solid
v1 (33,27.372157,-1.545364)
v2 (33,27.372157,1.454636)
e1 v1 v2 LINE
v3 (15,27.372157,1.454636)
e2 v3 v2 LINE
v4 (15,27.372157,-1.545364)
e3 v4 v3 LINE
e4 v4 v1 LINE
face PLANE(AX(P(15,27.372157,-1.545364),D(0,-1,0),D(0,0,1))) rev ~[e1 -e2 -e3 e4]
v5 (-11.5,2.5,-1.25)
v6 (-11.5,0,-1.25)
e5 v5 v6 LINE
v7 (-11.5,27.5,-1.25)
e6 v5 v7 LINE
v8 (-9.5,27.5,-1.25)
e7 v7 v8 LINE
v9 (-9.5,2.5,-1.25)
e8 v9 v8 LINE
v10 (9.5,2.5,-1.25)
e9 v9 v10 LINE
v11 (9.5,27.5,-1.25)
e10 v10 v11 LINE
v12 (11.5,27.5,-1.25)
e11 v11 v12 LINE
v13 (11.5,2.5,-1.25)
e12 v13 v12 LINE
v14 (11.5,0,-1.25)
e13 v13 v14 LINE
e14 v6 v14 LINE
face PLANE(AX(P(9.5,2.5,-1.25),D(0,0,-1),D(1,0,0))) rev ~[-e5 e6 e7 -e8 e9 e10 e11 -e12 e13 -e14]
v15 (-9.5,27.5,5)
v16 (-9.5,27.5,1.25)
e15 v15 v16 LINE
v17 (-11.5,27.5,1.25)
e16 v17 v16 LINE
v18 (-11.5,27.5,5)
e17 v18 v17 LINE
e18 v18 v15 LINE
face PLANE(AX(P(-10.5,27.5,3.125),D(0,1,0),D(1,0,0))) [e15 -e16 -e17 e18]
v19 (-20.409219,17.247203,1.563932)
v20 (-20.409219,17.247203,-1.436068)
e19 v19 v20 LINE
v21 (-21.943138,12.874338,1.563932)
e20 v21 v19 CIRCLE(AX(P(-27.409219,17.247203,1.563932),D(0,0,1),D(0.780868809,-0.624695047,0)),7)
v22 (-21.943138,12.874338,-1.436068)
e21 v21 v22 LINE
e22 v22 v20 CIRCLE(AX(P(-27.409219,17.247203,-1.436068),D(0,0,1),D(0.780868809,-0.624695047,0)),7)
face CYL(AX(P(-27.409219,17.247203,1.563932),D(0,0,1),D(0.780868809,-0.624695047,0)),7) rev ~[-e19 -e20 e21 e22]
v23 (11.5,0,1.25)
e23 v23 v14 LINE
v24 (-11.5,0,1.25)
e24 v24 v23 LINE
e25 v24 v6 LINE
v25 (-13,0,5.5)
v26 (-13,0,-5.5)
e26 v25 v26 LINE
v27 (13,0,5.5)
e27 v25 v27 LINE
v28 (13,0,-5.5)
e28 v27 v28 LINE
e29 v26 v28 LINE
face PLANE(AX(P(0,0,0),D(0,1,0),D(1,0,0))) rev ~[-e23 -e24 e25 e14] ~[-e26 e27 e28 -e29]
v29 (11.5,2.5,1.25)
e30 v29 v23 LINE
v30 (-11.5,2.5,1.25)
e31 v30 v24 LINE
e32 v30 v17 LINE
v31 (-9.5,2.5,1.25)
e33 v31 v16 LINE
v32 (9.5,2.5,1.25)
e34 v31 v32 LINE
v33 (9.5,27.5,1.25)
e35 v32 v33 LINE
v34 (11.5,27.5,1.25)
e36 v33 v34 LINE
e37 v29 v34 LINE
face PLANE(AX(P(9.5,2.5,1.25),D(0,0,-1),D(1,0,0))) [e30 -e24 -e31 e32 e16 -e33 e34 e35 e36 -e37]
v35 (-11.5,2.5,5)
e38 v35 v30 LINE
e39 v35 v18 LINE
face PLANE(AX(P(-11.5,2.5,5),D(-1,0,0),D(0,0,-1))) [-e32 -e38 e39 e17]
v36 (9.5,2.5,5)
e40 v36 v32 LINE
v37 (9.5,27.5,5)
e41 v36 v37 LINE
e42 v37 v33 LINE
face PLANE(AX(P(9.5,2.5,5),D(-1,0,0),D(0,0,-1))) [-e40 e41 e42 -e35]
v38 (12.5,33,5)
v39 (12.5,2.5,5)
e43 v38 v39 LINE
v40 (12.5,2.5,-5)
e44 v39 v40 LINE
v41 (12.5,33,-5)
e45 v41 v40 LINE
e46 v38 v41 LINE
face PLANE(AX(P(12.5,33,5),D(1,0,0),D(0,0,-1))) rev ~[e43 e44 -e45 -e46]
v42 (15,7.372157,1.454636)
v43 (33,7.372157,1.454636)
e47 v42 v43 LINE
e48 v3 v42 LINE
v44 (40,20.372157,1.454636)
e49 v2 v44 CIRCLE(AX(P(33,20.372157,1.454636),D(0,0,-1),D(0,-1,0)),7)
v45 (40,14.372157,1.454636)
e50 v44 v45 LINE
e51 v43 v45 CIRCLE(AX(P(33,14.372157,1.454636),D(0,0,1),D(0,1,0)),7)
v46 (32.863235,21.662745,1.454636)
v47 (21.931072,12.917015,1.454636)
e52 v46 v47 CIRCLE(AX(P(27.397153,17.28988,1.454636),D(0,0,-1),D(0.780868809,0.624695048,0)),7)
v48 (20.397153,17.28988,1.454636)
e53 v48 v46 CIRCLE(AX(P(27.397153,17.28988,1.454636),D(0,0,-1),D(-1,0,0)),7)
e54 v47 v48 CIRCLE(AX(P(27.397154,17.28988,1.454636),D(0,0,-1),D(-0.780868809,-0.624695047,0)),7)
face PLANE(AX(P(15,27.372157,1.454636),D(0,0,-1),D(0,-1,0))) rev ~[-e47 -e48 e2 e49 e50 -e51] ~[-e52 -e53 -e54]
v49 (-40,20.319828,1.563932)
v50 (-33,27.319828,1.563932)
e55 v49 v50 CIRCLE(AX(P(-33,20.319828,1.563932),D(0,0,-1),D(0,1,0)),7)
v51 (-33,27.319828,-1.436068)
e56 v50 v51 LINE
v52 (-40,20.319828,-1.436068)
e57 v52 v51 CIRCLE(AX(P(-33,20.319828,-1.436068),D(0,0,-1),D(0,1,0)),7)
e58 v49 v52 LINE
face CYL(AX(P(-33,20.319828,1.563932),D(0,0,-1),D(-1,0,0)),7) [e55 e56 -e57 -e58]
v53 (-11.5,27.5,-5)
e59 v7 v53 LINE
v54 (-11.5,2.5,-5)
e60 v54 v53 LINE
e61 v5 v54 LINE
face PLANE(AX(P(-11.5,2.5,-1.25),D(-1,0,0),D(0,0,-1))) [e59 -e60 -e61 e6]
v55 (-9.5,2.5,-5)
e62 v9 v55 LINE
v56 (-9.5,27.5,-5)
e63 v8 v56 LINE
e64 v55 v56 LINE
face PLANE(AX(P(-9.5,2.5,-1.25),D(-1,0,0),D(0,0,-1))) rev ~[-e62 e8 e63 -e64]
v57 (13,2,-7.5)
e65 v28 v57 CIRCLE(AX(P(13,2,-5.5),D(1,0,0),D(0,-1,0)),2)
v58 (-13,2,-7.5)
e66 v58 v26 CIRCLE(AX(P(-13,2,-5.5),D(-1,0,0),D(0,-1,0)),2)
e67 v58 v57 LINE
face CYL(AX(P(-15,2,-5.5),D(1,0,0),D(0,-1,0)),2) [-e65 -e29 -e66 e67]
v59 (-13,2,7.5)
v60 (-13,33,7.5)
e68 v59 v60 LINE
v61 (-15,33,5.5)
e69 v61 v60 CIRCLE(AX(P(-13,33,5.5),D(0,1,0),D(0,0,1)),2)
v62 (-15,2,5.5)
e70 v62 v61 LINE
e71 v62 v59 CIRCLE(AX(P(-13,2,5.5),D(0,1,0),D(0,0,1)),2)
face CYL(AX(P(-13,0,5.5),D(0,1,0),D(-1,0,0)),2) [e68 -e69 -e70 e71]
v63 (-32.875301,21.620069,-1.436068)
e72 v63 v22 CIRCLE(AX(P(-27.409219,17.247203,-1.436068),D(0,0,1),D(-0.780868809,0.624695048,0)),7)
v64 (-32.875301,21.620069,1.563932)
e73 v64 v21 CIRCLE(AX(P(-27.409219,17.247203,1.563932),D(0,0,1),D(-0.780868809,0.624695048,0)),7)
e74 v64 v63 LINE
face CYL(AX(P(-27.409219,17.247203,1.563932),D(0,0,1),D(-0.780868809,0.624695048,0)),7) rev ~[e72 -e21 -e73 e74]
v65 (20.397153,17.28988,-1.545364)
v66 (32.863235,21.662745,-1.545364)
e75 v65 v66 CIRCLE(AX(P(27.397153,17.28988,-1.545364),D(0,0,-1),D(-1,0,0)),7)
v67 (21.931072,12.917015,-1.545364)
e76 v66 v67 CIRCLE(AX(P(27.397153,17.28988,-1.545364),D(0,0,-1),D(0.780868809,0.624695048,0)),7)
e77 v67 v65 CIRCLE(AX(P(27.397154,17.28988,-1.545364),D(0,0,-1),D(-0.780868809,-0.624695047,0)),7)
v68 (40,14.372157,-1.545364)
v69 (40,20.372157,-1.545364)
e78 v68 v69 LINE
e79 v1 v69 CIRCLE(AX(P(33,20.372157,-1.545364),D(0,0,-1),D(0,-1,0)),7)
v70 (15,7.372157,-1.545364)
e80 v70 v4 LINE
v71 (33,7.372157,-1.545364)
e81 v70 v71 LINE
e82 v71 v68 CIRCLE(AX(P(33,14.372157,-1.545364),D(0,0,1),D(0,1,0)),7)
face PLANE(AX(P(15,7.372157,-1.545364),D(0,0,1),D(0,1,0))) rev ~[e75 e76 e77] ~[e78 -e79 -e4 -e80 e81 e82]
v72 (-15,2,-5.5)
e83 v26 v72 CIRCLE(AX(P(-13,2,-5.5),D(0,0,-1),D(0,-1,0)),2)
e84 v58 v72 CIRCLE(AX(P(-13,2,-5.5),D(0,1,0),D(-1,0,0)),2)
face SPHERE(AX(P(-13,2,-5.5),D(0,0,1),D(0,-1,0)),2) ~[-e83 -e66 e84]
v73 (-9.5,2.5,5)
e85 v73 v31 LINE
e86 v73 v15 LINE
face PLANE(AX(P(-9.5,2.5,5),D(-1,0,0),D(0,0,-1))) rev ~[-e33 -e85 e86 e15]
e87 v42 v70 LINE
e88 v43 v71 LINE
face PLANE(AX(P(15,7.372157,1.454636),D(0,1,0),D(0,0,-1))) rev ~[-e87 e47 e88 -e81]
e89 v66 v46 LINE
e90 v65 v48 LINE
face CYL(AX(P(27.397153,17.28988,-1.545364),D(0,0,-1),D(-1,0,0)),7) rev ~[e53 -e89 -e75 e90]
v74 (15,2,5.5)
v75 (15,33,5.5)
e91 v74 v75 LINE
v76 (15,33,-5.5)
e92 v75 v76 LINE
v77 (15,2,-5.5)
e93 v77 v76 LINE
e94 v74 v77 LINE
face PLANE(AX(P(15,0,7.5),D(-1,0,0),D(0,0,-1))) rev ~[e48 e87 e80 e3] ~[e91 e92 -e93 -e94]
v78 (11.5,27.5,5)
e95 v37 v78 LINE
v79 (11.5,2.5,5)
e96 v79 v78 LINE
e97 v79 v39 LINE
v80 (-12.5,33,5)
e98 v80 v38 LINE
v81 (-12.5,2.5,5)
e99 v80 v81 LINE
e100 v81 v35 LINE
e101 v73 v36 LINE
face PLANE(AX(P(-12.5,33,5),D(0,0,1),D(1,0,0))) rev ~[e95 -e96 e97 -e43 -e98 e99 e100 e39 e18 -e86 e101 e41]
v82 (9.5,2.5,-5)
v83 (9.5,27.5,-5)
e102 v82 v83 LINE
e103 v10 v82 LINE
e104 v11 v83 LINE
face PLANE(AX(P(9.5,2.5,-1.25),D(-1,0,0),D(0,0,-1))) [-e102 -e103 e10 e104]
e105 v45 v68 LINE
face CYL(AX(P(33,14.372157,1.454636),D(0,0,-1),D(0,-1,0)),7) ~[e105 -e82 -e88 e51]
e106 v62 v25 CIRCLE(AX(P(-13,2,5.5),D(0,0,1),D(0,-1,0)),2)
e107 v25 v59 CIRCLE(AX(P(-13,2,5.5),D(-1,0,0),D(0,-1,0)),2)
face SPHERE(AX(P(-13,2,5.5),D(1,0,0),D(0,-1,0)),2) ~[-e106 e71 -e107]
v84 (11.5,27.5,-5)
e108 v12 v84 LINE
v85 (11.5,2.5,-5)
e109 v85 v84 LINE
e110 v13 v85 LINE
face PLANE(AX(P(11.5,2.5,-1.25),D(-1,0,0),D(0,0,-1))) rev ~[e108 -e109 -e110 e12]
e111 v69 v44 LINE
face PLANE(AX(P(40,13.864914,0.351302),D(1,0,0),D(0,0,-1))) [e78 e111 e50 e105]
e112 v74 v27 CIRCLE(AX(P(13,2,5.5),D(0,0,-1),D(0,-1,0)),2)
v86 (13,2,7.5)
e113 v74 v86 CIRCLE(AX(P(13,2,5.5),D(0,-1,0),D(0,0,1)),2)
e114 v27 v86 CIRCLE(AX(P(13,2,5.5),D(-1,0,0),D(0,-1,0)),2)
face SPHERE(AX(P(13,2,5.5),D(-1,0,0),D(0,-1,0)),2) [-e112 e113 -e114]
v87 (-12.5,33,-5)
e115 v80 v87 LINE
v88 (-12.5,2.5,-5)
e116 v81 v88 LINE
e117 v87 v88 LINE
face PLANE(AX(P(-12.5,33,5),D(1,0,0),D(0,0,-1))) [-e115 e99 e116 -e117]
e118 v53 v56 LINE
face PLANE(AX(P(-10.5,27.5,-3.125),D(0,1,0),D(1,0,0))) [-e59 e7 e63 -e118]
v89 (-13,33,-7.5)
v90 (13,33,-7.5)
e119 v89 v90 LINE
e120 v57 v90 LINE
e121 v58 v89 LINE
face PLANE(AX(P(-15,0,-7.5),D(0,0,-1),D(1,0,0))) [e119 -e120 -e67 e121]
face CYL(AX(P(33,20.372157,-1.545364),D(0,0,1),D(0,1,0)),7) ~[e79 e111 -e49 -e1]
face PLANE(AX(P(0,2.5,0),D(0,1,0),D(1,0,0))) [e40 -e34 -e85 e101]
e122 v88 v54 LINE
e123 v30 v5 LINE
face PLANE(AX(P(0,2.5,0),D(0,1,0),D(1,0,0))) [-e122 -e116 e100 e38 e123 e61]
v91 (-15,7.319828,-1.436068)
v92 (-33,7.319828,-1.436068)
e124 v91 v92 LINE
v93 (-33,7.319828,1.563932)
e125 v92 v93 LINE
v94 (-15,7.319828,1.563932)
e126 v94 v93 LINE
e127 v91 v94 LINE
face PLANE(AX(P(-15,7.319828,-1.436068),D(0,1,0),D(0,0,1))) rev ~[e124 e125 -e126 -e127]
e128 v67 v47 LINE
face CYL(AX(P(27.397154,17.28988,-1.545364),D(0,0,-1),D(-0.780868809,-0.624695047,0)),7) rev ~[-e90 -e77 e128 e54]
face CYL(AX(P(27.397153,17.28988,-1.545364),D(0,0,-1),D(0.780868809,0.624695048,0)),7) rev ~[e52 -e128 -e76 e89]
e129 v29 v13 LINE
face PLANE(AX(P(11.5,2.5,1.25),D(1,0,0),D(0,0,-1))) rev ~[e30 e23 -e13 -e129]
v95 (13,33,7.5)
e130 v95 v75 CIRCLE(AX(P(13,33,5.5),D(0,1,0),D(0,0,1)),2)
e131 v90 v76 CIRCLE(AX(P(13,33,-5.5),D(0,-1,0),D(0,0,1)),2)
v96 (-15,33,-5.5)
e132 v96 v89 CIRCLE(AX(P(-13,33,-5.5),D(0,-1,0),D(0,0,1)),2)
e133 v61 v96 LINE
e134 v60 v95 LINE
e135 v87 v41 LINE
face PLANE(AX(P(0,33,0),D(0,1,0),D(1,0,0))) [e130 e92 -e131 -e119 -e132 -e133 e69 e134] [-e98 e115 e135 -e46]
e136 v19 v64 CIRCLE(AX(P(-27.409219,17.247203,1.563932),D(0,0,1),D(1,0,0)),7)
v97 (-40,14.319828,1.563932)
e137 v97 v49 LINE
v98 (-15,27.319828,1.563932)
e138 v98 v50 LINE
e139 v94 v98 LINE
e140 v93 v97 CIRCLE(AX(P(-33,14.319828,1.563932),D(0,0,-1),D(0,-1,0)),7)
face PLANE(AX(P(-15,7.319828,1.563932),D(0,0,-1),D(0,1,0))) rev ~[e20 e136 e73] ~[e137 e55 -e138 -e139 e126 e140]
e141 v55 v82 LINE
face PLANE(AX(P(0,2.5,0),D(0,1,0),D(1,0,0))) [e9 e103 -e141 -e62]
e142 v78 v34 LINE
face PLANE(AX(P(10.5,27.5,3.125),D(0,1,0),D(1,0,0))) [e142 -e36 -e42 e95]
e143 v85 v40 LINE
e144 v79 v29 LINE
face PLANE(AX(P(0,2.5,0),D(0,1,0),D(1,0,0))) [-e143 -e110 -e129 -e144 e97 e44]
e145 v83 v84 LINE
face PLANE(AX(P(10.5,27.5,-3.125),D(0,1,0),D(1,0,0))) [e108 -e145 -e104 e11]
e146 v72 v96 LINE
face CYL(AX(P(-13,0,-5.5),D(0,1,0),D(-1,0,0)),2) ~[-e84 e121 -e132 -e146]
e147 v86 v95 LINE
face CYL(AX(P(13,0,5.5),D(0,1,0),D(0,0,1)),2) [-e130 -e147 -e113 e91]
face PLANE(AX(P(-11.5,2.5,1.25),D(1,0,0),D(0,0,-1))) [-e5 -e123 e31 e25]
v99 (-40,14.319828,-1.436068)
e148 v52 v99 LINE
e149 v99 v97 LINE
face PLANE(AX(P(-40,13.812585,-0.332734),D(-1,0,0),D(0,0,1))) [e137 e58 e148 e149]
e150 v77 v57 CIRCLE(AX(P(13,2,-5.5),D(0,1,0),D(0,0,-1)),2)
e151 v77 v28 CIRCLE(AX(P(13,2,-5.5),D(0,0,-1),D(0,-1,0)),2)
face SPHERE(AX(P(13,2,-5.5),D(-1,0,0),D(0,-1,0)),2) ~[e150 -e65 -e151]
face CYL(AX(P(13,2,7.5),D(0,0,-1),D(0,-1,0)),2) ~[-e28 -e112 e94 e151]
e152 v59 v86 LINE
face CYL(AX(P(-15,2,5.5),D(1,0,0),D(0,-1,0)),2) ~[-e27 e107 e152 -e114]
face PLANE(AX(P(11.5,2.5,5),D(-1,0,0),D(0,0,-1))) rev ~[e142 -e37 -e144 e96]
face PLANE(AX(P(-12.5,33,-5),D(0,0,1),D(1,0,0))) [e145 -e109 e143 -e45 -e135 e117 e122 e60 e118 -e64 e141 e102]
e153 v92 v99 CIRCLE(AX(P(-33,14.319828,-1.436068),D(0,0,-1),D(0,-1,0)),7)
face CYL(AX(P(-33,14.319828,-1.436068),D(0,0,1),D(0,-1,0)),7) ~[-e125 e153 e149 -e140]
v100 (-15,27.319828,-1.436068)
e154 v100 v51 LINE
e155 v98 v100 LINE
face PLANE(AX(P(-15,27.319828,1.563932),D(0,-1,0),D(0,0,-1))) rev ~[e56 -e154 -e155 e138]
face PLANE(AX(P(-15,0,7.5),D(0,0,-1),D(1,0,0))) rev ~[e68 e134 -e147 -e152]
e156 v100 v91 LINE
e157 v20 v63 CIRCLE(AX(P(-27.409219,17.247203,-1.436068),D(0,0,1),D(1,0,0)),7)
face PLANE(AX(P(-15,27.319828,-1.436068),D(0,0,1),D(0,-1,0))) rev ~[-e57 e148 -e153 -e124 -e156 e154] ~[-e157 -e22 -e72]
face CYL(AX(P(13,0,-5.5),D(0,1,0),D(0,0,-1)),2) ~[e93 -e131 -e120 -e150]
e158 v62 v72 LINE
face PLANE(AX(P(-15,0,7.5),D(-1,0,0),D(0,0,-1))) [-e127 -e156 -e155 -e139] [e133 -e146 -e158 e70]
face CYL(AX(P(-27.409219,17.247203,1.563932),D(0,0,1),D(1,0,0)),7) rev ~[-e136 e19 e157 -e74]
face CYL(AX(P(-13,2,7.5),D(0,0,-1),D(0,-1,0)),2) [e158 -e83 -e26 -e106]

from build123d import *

# Parameters (mm, degrees)
SKETCH1_W           = 30
SKETCH1_H           = 15
BOSS_EXTRUDE1_DEPTH = 33
SKETCH2_W           = 25
SKETCH2_H           = 10
CUT_EXTRUDE1_DEPTH  = 30.5
SKETCH3_W           = 23
SKETCH3_H           = 2.5
CUT_EXTRUDE2_DEPTH  = 30.5
SKETCH4_W           = 2
SKETCH4_H           = 3.75
BOSS_EXTRUDE2_DEPTH = 25
SKETCH5_W           = 2
SKETCH5_H           = 3.75
BOSS_EXTRUDE3_DEPTH = 25
SKETCH6_W           = 2
SKETCH6_H           = 3.75
BOSS_EXTRUDE4_DEPTH = 25
SKETCH7_W           = 2
SKETCH7_H           = 3.75
BOSS_EXTRUDE5_DEPTH = 25
FILLET1_R           = 2
BOSS_EXTRUDE6_DEPTH = 25
CUT_EXTRUDE3_DEPTH  = 25
FILLET2_R           = 7
FILLET3_R           = 7
BOSS_EXTRUDE7_DEPTH = 25
CUT_EXTRUDE4_DEPTH  = 25
FILLET4_R           = 7


with BuildPart() as part:
    # Sketch1 → Boss-Extrude1 (new body)
    with BuildSketch(Plane(origin=(0, 0, 0), x_dir=(1, 0, 0), z_dir=(0, 1, 0))):
        Rectangle(SKETCH1_W, SKETCH1_H)
    extrude(amount=BOSS_EXTRUDE1_DEPTH)

    # Sketch2 → Cut-Extrude1 (cut)
    with BuildSketch(Plane(origin=(0, 33, 0), x_dir=(1, 0, 0), z_dir=(0, 1, 0))):
        Rectangle(SKETCH2_W, SKETCH2_H)
    extrude(amount=-CUT_EXTRUDE1_DEPTH, mode=Mode.SUBTRACT)

    # Sketch3 → Cut-Extrude2 (cut)
    with BuildSketch(Plane(origin=(0, 2.5, 0), x_dir=(1, 0, 0), z_dir=(0, 1, 0))):
        Rectangle(SKETCH3_W, SKETCH3_H)
    extrude(amount=-CUT_EXTRUDE2_DEPTH, mode=Mode.SUBTRACT)

    # Sketch4 → Boss-Extrude2 (add)
    with BuildSketch(Plane(origin=(0, 2.5, 0), x_dir=(1, 0, 0), z_dir=(0, 1, 0))):
        with Locations((-10.5, -3.125)):
            Rectangle(SKETCH4_W, SKETCH4_H)
    extrude(amount=BOSS_EXTRUDE2_DEPTH)

    # Sketch5 → Boss-Extrude3 (add)
    with BuildSketch(Plane(origin=(0, 2.5, 0), x_dir=(1, 0, 0), z_dir=(0, 1, 0))):
        with Locations((10.5, -3.125)):
            Rectangle(SKETCH5_W, SKETCH5_H)
    extrude(amount=BOSS_EXTRUDE3_DEPTH)

    # Sketch6 → Boss-Extrude4 (add)
    with BuildSketch(Plane(origin=(0, 2.5, 0), x_dir=(1, 0, 0), z_dir=(0, 1, 0))):
        with Locations((-10.5, 3.125)):
            Rectangle(SKETCH6_W, SKETCH6_H)
    extrude(amount=BOSS_EXTRUDE4_DEPTH)

    # Sketch7 → Boss-Extrude5 (add)
    with BuildSketch(Plane(origin=(0, 2.5, 0), x_dir=(1, 0, 0), z_dir=(0, 1, 0))):
        with Locations((10.5, 3.125)):
            Rectangle(SKETCH7_W, SKETCH7_H)
    extrude(amount=BOSS_EXTRUDE5_DEPTH)

    # Fillet1
    fillet1_edges = [part.edges().sort_by_distance(p)[0] for p in [
        (0, 0, 7.5),
        (-15, 0, 0),
        (0, 0, -7.5),
        (15, 0, 0),
        (15, 16.5, 7.5),
        (-15, 16.5, 7.5),
        (-15, 16.5, -7.5),
        (15, 16.5, -7.5),
    ]]
    fillet(fillet1_edges, radius=FILLET1_R)

    # Sketch8 → Boss-Extrude6 (add)
    with BuildSketch(Plane.ZY.offset(15)):
        Polygon((1.563932113, 13.092554953), (-1.436067887, 21.547100408), (-1.436067887, 7.31982768), (1.563932113, 7.31982768), align=None)
        Polygon((-1.436067887, 27.31982768), (-1.436067887, 21.547100408), (1.563932113, 13.092554953), (1.563932113, 27.31982768), align=None)
    extrude(amount=BOSS_EXTRUDE6_DEPTH)

    # Sketch9 → Cut-Extrude3 (cut)
    with BuildSketch(Plane.XY.offset(1.563932113)):
        with BuildLine():
            ThreePointArc((-20.409219381, 17.247203185), (-25.092170791, 23.852601419), (-32.875301047, 21.620068518))
            Line((-32.875301047, 21.620068518), (-21.943137715, 12.874337852))
            ThreePointArc((-21.943137715, 12.874337852), (-20.803821147, 14.930154595), (-20.409219381, 17.247203185))
        make_face()
        with BuildLine():
            Line((-21.943137715, 12.874337852), (-32.875301047, 21.620068518))
            ThreePointArc((-32.875301047, 21.620068518), (-31.782084714, 11.781121519), (-21.943137715, 12.874337852))
        make_face()
    extrude(amount=-CUT_EXTRUDE3_DEPTH, mode=Mode.SUBTRACT)

    # Fillet2
    fillet2_edges = [part.edges().sort_by_distance(p)[0] for p in [
        (-40, 7.31982768, 0.063932113),
    ]]
    fillet(fillet2_edges, radius=FILLET2_R)

    # Fillet3
    fillet3_edges = [part.edges().sort_by_distance(p)[0] for p in [
        (-40, 27.31982768, 0.063932113),
    ]]
    fillet(fillet3_edges, radius=FILLET3_R)

    # Sketch10 → Boss-Extrude7 (add)
    with BuildSketch(Plane(origin=(15, 0, 0), x_dir=(0, 0, -1), z_dir=(1, 0, 0))):
        Polygon((1.545363578, 13.144884462), (-1.454636422, 21.599429916), (-1.454636422, 7.372157189), (1.545363578, 7.372157189), align=None)
        Polygon((-1.454636422, 27.372157189), (-1.454636422, 21.599429916), (1.545363578, 13.144884462), (1.545363578, 27.372157189), align=None)
    extrude(amount=BOSS_EXTRUDE7_DEPTH)

    # Sketch11 → Cut-Extrude4 (cut)
    with BuildSketch(Plane(origin=(0, 0, -1.545363578), x_dir=(-1, 0, 0), z_dir=(0, 0, -1))):
        with BuildLine():
            ThreePointArc((-20.397153498, 17.289879987), (-25.080104908, 23.895278222), (-32.863235164, 21.66274532))
            Line((-32.863235164, 21.66274532), (-21.931071832, 12.917014654))
            ThreePointArc((-21.931071832, 12.917014654), (-20.791755264, 14.972831397), (-20.397153498, 17.289879987))
        make_face()
        with BuildLine():
            Line((-21.931071832, 12.917014654), (-32.863235164, 21.66274532))
            ThreePointArc((-32.863235164, 21.66274532), (-31.770018831, 11.823798321), (-21.931071832, 12.917014654))
        make_face()
    extrude(amount=-CUT_EXTRUDE4_DEPTH, mode=Mode.SUBTRACT)

    # Fillet4
    fillet4_edges = [part.edges().sort_by_distance(p)[0] for p in [
        (40, 27.372157189, -0.045363578),
        (40, 7.372157189, -0.045363578),
    ]]
    fillet(fillet4_edges, radius=FILLET4_R)


solid = part.part
